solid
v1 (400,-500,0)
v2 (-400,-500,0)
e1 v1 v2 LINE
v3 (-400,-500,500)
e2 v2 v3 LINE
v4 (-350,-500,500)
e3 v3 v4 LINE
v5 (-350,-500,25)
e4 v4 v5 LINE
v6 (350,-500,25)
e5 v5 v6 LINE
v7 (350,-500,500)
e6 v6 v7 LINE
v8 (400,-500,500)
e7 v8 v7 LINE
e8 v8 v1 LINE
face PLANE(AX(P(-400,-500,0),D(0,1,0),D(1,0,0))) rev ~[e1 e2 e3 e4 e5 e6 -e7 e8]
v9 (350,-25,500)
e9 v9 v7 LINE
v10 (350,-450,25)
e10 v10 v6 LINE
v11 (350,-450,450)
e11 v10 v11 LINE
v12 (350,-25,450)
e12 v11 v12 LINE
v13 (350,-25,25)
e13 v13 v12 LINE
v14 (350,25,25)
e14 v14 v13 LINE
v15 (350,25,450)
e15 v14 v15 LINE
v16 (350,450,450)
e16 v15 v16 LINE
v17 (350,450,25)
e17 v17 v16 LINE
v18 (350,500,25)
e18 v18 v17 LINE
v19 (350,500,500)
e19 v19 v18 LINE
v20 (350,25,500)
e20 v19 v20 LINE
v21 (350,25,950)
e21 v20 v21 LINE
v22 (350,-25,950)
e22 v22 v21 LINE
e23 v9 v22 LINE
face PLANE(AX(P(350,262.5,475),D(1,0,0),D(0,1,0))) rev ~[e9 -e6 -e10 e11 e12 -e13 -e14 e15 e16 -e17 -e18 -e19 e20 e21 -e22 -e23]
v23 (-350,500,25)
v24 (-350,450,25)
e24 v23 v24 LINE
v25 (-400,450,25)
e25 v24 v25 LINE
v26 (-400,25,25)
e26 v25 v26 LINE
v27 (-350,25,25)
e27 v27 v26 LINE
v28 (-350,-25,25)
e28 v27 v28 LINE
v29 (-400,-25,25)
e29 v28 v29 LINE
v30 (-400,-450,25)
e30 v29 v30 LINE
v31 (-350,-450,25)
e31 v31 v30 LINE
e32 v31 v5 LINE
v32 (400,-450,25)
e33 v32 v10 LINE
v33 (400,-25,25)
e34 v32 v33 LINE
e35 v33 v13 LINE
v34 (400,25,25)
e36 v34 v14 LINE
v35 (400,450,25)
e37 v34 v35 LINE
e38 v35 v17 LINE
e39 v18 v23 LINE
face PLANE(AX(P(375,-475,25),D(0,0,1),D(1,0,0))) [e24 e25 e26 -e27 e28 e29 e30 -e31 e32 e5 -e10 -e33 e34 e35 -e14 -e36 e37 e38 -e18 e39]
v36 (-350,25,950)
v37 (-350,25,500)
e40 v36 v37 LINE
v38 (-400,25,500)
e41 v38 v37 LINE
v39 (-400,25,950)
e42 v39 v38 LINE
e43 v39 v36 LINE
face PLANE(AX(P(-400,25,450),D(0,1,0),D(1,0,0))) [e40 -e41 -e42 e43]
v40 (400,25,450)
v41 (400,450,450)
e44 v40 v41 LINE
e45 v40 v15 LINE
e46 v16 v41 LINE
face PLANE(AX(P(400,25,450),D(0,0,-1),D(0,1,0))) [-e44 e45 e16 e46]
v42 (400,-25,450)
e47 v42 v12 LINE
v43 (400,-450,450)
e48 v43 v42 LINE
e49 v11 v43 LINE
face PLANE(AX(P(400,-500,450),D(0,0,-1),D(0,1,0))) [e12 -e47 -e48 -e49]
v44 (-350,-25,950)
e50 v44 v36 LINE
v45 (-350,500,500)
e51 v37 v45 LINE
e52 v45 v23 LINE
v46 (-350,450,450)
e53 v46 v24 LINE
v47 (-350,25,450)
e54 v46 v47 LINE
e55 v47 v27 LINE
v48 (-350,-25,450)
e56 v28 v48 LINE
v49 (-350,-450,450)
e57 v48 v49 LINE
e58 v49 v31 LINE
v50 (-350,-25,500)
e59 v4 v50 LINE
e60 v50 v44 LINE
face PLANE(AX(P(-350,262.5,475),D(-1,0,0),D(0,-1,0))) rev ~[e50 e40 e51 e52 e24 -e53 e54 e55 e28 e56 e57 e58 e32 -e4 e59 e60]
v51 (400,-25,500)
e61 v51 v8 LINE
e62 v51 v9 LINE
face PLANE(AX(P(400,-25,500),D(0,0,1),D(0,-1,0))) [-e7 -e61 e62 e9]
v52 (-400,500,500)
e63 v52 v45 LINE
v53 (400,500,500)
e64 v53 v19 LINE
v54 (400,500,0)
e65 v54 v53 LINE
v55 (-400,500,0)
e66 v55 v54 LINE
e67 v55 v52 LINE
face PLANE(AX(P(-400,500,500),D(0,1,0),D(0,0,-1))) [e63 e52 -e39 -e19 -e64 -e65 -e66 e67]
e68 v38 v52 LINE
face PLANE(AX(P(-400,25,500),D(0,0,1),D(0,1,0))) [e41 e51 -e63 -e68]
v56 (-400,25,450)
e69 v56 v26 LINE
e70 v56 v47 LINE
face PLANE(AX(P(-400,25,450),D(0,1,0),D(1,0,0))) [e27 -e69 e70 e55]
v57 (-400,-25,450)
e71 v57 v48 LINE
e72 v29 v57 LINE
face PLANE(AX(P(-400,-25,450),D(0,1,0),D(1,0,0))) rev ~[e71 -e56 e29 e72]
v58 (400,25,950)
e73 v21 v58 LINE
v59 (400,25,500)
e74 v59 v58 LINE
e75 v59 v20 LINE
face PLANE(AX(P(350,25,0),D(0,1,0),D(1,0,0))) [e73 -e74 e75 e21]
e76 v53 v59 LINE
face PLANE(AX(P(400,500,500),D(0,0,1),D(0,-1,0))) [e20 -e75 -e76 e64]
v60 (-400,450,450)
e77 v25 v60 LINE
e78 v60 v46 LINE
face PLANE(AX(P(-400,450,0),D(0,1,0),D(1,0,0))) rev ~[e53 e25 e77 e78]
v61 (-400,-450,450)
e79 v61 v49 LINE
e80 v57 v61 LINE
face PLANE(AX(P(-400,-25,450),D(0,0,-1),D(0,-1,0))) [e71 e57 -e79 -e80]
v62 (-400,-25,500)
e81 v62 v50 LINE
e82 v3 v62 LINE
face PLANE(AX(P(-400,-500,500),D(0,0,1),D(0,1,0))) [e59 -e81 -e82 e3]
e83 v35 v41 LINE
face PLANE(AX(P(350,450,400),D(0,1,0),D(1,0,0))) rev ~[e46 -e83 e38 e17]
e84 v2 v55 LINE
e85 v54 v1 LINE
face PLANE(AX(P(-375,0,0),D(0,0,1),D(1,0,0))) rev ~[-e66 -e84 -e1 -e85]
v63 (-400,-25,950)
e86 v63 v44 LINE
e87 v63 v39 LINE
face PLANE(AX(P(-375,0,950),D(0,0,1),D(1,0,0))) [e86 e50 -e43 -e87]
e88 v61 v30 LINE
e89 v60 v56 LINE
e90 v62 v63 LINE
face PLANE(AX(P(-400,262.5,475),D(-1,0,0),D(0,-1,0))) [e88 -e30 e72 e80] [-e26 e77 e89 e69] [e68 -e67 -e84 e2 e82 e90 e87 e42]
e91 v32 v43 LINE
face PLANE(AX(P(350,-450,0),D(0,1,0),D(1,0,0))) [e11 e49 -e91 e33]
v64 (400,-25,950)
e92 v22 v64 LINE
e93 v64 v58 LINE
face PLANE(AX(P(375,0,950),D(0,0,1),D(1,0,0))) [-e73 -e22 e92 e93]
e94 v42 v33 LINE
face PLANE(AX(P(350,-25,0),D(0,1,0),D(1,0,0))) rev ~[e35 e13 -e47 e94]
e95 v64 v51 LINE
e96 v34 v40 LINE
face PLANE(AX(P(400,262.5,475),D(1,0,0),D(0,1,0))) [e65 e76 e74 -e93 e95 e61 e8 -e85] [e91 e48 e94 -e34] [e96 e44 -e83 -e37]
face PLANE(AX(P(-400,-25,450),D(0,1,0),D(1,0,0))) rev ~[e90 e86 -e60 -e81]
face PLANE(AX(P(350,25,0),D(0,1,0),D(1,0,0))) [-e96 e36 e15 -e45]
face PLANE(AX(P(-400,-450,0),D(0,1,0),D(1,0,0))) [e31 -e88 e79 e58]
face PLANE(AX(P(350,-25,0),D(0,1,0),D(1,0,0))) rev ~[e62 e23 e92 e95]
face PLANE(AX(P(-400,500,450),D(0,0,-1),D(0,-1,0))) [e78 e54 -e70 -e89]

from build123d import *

# Parameters (mm, degrees)
F0_W      = 50
F0_H      = 50
F1_DEPTH  = 50
F0_H_2    = 425
F2_DEPTH  = 25
F3_DEPTH  = 350
F5_DEPTH  = 50
F6_DEPTH  = 500
F8_DEPTH  = 50
F10_DEPTH = 50


with BuildPart() as f1:
    # F0 (on Top) → F1 (new body)
    with BuildSketch(Plane.XY):
        with Locations((-375, 475)):
            Rectangle(F0_W, F0_H)
    extrude(amount=F1_DEPTH)


with BuildPart() as f1b:
    # F0 (on Top) → F1, piece 2 (new body)
    with BuildSketch(Plane.XY):
        with Locations((-375, 0)):
            Rectangle(F0_W, F0_H)
    extrude(amount=F1_DEPTH)


with BuildPart() as f1c:
    # F0 (on Top) → F1, piece 3 (new body)
    with BuildSketch(Plane.XY):
        with Locations((375, 475)):
            Rectangle(F0_W, F0_H)
    extrude(amount=F1_DEPTH)


with BuildPart() as f1d:
    # F0 (on Top) → F1, piece 4 (new body)
    with BuildSketch(Plane.XY):
        with Locations((375, 0)):
            Rectangle(F0_W, F0_H)
    extrude(amount=F1_DEPTH)


with BuildPart() as f1e:
    # F0 (on Top) → F1, piece 5 (new body)
    with BuildSketch(Plane.XY):
        with Locations((-375, -475)):
            Rectangle(F0_W, F0_H)
    extrude(amount=F1_DEPTH)


with BuildPart() as f1f:
    # F0 (on Top) → F1, piece 6 (new body)
    with BuildSketch(Plane.XY):
        with Locations((375, -475)):
            Rectangle(F0_W, F0_H)
    extrude(amount=F1_DEPTH)


with BuildPart() as f2:
    # F0 (on Top) → F2 (new body)
    with BuildSketch(Plane.XY):
        with Locations((375, -475)):
            Rectangle(F0_W, F0_H)
        Polygon((-350, -500), (350, -500), (350, -450), (350, -25), (350, 25), (350, 450), (350, 500), (-350, 500), (-350, 450), (-350, 25), (-350, -25), (-350, -450), align=None)
        with Locations((375, -237.5)):
            Rectangle(F0_W, F0_H_2)
        with Locations((-375, -475)):
            Rectangle(F0_W, F0_H)
        with Locations((375, 0)):
            Rectangle(F0_W, F0_H)
        with Locations((-375, -237.5)):
            Rectangle(F0_W, F0_H_2)
        with Locations((375, 237.5)):
            Rectangle(F0_W, F0_H_2)
        with Locations((-375, 0)):
            Rectangle(F0_W, F0_H)
        with Locations((375, 475)):
            Rectangle(F0_W, F0_H)
        with Locations((-375, 237.5)):
            Rectangle(F0_W, F0_H_2)
        with Locations((-375, 475)):
            Rectangle(F0_W, F0_H)
    extrude(amount=F2_DEPTH)


with BuildPart() as f3:
    # F3 (new): a face of the model
    f3_faces = [f1e.part.faces().sort_by_distance(p)[0] for p in [
        (-375, -475, 50),
    ]]
    extrude(f3_faces, amount=F3_DEPTH)


with BuildPart() as f3b:
    # F3#2 (new): a face of the model
    f3_2_faces = [f1b.part.faces().sort_by_distance(p)[0] for p in [
        (-375, 0, 50),
    ]]
    extrude(f3_2_faces, amount=F3_DEPTH)


with BuildPart() as f3c:
    # F3#3 (new): a face of the model
    f3_3_faces = [f1.part.faces().sort_by_distance(p)[0] for p in [
        (-375, 475, 50),
    ]]
    extrude(f3_3_faces, amount=F3_DEPTH)


with BuildPart() as f3d:
    # F3#4 (new): a face of the model
    f3_4_faces = [f1c.part.faces().sort_by_distance(p)[0] for p in [
        (375, 475, 50),
    ]]
    extrude(f3_4_faces, amount=F3_DEPTH)


with BuildPart() as f3e:
    # F3#5 (new): a face of the model
    f3_5_faces = [f1d.part.faces().sort_by_distance(p)[0] for p in [
        (375, 0, 50),
    ]]
    extrude(f3_5_faces, amount=F3_DEPTH)


with BuildPart() as f3f:
    # F3#6 (new): a face of the model
    f3_6_faces = [f1f.part.faces().sort_by_distance(p)[0] for p in [
        (375, -475, 50),
    ]]
    extrude(f3_6_faces, amount=F3_DEPTH)


with BuildPart() as f3_1:
    add(f3.part)

    # F4: union F3b, F3c, F3d, F3e, F3f, F2, F1d, F1e, F1b, F1, F1c, F1f
    add(f3b.part)
    add(f3c.part)
    add(f3d.part)
    add(f3e.part)
    add(f3f.part)
    add(f2.part)
    add(f1d.part)
    add(f1e.part)
    add(f1b.part)
    add(f1.part)
    add(f1c.part)
    add(f1f.part)

    # F5 (add): faces of the model
    f5_faces = [f3_1.faces().sort_by_distance(p)[0] for p in [
        (375, 475, 400),
        (375, 0, 400),
        (375, -475, 400),
        (-375, -475, 400),
        (-375, 0, 400),
        (-375, 475, 400),
    ]]
    extrude(f5_faces, amount=F5_DEPTH)

    # F6 (add): faces of the model
    f6_faces = [f3_1.faces().sort_by_distance(p)[0] for p in [
        (-375, 0, 450),
        (375, 0, 450),
    ]]
    extrude(f6_faces, amount=F6_DEPTH)

    # F7 (on face) → F8 (join)
    with BuildSketch(Plane.YZ.offset(400)):
        Polygon((25, 500), (25, 450), (450, 450), (500, 450), (500, 500), align=None)
        Polygon((-500, 500), (-500, 450), (-450, 450), (-25, 450), (-25, 500), align=None)
    extrude(amount=-F8_DEPTH)

    # F9 (on face) → F10 (join)
    with BuildSketch(Plane(origin=(-400, 0, 0), x_dir=(0, -1, 0), z_dir=(-1, 0, 0))):
        Polygon((-500, 500), (-500, 450), (-450, 450), (-25, 450), (-25, 500), align=None)
        Polygon((25, 500), (25, 450), (450, 450), (500, 450), (500, 500), align=None)
    extrude(amount=-F10_DEPTH)


solid = f3_1.part
